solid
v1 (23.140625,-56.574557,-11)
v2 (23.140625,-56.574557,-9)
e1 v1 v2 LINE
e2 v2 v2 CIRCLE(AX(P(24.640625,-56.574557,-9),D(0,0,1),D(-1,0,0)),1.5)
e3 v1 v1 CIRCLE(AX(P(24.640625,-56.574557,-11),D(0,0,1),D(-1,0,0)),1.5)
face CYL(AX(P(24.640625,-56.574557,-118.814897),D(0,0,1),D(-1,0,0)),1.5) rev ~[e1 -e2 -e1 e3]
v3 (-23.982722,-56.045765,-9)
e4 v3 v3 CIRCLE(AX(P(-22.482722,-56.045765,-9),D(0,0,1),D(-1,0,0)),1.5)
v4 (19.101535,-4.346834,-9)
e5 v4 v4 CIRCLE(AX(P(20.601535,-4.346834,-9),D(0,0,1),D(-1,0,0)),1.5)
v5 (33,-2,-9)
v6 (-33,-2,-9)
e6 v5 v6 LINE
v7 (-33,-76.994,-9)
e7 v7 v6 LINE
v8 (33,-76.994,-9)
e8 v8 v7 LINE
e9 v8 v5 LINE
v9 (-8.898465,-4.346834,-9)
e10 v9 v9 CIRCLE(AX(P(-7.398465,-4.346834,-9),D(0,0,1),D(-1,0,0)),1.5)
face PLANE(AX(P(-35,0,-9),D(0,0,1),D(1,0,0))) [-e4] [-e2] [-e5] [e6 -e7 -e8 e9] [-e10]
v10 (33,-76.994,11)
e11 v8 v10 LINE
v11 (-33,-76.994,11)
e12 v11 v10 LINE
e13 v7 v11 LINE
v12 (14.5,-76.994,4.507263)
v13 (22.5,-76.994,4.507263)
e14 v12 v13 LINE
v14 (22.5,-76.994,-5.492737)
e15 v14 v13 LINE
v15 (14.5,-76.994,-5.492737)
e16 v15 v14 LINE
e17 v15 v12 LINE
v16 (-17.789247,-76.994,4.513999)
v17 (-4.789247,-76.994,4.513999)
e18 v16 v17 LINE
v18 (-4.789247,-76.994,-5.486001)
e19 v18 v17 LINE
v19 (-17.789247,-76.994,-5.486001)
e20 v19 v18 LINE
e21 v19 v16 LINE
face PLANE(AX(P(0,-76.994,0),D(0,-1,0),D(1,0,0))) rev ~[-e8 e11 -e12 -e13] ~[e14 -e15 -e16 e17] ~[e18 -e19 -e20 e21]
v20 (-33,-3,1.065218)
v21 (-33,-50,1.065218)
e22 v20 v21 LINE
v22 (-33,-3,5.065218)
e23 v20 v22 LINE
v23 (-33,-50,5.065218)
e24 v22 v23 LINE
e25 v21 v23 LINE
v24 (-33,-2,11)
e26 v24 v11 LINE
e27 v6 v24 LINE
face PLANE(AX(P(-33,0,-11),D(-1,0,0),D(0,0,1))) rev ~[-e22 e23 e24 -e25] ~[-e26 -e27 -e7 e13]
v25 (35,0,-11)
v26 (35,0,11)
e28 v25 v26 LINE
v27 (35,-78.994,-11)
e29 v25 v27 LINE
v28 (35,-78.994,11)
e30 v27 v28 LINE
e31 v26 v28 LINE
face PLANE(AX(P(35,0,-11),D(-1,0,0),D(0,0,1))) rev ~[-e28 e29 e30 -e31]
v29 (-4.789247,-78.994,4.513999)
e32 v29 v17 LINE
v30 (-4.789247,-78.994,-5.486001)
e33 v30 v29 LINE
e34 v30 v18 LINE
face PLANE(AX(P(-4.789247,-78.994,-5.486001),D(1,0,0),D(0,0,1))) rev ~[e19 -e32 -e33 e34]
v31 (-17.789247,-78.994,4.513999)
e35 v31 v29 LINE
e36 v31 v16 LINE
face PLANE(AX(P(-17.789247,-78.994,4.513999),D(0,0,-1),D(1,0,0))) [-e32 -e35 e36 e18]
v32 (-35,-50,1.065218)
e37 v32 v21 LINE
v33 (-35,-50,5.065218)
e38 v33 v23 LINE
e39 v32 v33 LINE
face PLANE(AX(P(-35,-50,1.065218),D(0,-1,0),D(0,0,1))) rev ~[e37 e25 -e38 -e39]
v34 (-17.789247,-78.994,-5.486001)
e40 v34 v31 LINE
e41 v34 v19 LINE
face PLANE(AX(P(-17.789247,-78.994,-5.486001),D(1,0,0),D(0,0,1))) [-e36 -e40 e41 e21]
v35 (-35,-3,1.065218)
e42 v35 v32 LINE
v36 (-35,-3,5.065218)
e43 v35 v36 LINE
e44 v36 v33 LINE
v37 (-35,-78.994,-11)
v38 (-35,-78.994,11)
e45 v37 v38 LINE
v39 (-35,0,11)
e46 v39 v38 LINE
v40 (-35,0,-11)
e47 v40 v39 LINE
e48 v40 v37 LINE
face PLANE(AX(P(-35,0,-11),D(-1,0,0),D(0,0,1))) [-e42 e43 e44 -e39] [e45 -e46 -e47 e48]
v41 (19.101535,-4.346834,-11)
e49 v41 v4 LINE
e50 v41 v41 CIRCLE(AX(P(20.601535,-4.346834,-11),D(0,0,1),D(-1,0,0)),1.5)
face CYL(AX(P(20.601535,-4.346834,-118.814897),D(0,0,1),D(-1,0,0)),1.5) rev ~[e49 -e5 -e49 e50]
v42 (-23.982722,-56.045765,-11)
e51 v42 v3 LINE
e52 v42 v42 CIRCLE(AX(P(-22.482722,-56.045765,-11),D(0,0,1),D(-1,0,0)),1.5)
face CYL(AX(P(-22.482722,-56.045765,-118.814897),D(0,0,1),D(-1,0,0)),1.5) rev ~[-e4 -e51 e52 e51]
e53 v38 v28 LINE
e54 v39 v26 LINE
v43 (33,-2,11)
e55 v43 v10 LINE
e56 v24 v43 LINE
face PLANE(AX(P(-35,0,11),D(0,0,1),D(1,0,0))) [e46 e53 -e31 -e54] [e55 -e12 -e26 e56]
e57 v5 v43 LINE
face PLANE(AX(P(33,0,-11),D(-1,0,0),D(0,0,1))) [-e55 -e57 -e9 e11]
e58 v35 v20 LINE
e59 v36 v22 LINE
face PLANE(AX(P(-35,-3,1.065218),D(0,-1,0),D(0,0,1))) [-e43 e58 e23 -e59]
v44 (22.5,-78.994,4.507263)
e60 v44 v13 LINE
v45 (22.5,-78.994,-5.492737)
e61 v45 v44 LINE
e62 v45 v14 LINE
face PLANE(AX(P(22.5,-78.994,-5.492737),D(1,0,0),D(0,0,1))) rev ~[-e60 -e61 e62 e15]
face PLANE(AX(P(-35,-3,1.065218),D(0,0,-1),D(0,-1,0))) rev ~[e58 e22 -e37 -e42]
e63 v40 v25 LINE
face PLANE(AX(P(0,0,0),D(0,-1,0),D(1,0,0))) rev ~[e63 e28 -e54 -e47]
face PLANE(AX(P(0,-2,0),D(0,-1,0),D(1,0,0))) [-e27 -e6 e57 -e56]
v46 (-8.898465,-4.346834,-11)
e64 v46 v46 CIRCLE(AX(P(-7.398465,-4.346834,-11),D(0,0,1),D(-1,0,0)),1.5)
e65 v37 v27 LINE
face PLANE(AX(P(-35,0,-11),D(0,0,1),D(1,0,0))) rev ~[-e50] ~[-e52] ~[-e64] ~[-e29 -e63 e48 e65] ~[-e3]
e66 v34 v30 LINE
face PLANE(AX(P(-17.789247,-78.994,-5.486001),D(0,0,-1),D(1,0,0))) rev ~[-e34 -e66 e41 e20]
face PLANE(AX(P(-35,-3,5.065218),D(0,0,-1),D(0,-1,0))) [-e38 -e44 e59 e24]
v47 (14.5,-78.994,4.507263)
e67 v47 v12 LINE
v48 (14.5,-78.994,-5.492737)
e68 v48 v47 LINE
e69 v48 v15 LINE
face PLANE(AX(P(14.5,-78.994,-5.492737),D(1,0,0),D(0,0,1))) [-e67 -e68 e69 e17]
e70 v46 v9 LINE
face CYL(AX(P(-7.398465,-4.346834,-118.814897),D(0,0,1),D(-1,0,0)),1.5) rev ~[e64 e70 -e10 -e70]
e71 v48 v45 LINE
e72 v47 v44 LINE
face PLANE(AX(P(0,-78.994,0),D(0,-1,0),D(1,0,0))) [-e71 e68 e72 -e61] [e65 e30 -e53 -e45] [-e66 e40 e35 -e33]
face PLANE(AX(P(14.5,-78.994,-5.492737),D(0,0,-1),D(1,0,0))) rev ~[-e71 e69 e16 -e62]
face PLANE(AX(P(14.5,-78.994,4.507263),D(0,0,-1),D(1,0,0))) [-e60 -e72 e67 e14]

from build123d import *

# Parameters (mm, degrees)
F0_W     = 70
F0_H     = 22
F1_DEPTH = 78.994
F2_T     = -2
F3_W     = 13
F3_H     = 10
F3_W_2   = 8
F4_DEPTH = 25.4
F5_W     = 47
F5_H     = 4
F6_DEPTH = 25.4
F8_D     = 3


with BuildPart() as f1:
    # F0 (on Front) → F1 (new body)
    with BuildSketch(Plane.XZ):
        Rectangle(F0_W, F0_H)
    extrude(amount=F1_DEPTH)

    # F2
    f2_openings = [f1.faces().sort_by_distance(p)[0] for p in [
        (0, -39.497, 11),
    ]]
    offset(amount=F2_T, openings=f2_openings)

    # F3 (on face) → F4 (cut)
    with BuildSketch(Plane.XZ.offset(78.994)):
        with Locations((-11.289247, -0.486001)):
            Rectangle(F3_W, F3_H)
        with Locations((18.5, -0.492737)):
            Rectangle(F3_W_2, F3_H)
    extrude(amount=-F4_DEPTH, mode=Mode.SUBTRACT)

    # F5 (on face) → F6 (cut)
    with BuildSketch(Plane(origin=(-35, 0, 0), x_dir=(0, -1, 0), z_dir=(-1, 0, 0))):
        with Locations((26.5, 3.065218)):
            Rectangle(F5_W, F5_H)
    extrude(amount=-F6_DEPTH, mode=Mode.SUBTRACT)

    # F8 (through all)
    with Locations(Plane(origin=(0, 0, -11), x_dir=(1, 0, 0), z_dir=(0, 0, -1))):
        with Locations((-7.398465, 4.346834), (20.601535, 4.346834), (24.640625, 56.574557), (-22.482722, 56.045765)):
            Hole(F8_D / 2)


solid = f1.part
